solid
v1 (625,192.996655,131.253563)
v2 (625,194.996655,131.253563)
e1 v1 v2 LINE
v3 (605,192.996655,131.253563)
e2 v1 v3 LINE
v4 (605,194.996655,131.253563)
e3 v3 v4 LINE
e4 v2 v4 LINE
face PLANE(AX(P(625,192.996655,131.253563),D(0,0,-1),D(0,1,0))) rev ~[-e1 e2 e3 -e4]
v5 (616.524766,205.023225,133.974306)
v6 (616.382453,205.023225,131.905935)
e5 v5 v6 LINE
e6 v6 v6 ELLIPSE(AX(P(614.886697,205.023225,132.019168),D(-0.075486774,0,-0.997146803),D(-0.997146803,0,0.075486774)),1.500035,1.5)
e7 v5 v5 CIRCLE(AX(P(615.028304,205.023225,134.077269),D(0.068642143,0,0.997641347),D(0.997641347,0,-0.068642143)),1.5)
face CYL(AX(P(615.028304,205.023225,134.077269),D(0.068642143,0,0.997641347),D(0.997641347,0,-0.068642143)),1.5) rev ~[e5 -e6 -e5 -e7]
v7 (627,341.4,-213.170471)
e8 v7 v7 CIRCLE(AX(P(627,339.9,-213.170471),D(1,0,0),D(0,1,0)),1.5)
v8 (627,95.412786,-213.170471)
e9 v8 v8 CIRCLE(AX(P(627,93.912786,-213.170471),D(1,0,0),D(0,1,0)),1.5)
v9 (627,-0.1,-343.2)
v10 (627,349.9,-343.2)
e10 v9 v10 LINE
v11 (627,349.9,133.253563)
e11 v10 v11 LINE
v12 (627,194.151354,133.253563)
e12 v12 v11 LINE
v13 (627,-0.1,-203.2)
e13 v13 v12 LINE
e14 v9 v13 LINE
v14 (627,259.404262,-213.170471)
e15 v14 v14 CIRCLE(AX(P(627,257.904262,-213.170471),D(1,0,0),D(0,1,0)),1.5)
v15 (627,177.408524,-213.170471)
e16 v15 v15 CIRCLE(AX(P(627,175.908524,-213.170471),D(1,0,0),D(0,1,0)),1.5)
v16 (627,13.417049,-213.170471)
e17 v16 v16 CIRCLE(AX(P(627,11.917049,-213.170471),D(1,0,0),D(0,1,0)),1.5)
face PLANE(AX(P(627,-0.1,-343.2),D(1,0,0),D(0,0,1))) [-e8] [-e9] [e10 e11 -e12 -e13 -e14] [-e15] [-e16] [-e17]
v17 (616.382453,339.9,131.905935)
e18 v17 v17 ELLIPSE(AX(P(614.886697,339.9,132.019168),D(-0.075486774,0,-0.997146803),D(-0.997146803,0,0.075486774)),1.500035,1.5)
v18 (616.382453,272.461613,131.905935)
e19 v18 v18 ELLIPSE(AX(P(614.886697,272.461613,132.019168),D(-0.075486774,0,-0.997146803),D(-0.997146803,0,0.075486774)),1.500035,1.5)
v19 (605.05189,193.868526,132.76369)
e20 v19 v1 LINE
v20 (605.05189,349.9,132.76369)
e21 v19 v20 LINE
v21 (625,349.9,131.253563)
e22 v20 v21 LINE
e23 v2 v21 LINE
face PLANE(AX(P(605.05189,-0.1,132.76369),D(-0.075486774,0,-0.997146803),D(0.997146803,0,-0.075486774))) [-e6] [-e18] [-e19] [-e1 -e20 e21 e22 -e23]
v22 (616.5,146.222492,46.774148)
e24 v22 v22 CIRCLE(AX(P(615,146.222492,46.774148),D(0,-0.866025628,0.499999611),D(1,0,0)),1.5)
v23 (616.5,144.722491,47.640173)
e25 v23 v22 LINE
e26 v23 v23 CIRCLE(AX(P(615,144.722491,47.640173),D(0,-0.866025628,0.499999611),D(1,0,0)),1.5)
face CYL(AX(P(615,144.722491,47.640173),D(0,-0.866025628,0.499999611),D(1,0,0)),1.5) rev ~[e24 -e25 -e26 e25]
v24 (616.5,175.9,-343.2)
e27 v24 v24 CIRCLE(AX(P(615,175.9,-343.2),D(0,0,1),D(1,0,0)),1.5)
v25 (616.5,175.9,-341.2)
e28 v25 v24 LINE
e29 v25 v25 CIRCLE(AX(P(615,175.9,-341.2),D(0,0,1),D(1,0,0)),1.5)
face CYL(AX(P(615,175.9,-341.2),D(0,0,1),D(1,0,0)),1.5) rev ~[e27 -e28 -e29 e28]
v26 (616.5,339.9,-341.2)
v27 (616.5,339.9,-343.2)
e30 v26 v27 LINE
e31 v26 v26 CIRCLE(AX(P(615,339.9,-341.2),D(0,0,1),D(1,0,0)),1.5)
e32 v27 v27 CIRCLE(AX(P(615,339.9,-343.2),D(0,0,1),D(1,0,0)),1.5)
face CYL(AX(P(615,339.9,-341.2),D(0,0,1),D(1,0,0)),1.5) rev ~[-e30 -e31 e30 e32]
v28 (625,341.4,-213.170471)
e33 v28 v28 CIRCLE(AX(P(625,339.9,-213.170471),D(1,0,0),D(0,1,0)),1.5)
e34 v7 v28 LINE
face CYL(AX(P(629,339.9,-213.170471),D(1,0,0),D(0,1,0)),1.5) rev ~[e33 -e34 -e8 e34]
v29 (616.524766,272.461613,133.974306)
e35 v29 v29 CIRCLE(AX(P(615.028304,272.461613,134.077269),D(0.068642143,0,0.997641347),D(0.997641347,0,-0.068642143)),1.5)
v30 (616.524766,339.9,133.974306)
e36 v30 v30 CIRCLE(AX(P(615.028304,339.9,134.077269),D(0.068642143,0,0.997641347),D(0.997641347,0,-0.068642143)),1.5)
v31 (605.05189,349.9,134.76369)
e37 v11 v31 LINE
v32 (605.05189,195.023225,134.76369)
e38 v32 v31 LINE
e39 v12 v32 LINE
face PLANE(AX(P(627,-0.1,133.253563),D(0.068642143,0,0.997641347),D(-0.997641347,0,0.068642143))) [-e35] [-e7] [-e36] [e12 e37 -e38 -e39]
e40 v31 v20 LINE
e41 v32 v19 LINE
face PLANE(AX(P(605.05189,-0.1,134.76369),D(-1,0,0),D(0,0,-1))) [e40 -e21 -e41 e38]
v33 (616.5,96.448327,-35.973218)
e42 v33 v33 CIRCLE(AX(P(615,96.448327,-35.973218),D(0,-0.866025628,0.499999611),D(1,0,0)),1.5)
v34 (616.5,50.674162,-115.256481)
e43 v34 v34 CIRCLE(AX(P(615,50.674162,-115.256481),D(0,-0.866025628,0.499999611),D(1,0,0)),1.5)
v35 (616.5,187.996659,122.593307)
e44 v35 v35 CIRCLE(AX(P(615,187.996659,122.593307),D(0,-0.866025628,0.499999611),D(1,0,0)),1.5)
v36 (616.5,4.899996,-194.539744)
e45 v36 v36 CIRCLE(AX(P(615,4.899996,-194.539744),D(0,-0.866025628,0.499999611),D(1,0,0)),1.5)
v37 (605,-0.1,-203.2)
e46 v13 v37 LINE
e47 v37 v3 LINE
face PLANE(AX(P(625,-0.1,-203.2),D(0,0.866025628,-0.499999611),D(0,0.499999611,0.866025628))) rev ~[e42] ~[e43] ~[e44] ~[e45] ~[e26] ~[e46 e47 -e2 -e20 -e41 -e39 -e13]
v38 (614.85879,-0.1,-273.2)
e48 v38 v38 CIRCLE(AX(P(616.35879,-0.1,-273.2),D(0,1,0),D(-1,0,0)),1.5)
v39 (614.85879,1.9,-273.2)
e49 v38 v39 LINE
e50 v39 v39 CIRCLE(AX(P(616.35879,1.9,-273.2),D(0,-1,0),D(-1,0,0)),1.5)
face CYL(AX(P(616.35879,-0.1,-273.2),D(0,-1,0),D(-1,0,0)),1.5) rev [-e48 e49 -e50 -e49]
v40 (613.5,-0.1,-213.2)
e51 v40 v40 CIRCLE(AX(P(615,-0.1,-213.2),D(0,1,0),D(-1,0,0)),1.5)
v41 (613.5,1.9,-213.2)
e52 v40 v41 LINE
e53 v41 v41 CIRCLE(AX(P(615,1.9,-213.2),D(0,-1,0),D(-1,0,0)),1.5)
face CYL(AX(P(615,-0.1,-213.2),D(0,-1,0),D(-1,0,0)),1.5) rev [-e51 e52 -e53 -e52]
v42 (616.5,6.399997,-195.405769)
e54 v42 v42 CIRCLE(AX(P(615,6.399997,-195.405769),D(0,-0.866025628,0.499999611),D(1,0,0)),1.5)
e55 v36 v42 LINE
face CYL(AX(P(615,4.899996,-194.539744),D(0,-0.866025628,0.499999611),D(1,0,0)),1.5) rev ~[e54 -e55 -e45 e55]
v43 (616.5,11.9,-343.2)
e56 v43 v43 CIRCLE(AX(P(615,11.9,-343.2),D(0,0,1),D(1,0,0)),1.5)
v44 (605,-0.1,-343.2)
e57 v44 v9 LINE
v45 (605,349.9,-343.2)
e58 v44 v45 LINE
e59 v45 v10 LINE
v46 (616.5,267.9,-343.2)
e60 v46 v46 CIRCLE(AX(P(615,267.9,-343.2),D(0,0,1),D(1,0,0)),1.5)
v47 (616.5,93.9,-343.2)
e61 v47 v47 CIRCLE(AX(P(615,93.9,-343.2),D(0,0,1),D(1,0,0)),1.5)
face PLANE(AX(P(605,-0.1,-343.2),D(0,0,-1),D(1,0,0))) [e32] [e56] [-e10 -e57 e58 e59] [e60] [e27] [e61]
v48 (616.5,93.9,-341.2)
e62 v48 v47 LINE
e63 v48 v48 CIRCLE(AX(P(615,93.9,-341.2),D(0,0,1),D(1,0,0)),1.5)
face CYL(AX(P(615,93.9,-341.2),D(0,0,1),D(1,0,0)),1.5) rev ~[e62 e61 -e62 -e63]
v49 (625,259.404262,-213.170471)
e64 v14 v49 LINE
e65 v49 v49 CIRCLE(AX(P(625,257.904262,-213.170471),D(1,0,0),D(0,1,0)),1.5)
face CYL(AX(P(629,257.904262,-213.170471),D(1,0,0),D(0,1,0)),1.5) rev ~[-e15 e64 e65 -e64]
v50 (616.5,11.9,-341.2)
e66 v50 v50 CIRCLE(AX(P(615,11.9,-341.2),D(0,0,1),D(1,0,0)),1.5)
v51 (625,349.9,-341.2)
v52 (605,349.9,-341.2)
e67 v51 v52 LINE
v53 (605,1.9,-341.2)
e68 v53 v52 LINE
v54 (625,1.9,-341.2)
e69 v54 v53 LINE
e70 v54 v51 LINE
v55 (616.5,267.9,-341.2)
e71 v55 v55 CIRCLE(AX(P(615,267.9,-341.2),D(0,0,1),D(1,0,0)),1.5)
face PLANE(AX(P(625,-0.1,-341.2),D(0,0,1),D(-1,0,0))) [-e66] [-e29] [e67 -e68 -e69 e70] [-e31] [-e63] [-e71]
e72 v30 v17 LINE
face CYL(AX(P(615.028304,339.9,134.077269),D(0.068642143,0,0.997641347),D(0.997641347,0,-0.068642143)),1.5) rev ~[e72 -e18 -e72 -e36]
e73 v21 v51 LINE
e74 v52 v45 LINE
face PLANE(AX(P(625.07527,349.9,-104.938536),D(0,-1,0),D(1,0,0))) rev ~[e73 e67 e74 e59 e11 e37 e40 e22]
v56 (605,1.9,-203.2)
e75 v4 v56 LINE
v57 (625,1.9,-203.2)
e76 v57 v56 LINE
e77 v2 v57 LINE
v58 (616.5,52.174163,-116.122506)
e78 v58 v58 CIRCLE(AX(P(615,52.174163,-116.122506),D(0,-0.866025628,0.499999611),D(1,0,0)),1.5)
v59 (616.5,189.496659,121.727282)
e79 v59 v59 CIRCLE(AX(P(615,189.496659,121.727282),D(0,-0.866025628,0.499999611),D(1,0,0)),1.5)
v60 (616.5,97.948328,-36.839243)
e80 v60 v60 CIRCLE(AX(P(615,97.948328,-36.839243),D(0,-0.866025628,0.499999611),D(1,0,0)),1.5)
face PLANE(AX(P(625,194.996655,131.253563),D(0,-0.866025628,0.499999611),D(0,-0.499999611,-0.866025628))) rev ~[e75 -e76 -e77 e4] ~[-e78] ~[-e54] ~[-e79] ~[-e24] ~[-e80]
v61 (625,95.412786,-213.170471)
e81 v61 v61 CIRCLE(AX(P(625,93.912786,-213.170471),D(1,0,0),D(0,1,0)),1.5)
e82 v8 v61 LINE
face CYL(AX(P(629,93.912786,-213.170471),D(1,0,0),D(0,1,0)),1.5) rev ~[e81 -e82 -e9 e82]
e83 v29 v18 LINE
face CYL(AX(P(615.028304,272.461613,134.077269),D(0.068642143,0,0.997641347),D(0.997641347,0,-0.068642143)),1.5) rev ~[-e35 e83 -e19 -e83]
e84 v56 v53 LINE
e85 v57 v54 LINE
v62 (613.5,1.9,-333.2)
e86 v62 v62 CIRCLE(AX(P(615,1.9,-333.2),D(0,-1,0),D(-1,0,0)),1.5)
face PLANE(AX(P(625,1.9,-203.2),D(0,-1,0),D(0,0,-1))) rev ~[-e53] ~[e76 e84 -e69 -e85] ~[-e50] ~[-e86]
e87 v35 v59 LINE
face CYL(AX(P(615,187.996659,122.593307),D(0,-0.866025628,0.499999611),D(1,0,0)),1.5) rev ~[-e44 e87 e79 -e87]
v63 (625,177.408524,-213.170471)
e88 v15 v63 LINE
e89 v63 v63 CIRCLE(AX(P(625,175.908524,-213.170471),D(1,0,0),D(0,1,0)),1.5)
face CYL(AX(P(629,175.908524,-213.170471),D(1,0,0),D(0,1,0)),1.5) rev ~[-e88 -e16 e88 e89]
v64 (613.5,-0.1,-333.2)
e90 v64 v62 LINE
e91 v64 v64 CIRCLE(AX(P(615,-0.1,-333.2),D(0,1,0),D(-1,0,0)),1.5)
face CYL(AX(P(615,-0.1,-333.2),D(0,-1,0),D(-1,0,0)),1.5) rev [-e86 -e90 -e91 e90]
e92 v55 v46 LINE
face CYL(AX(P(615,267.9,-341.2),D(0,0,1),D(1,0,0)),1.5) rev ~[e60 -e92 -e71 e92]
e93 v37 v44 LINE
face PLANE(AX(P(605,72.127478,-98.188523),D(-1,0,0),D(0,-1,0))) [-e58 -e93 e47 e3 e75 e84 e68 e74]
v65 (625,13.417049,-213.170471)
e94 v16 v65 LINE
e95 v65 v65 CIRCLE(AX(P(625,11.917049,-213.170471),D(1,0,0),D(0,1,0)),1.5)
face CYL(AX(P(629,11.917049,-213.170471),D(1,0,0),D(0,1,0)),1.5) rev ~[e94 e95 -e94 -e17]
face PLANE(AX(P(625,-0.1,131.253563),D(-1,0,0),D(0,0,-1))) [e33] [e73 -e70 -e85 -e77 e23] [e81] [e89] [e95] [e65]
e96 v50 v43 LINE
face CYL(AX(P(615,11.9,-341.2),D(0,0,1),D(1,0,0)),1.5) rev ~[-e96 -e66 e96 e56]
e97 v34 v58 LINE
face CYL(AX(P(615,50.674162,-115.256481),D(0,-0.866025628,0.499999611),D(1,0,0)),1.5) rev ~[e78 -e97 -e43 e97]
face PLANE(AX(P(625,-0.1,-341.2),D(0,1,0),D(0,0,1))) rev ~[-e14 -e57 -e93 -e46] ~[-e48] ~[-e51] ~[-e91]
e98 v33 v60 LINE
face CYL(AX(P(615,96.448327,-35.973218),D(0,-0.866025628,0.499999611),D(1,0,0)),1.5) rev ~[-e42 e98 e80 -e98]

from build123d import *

# Parameters (mm, degrees)
PAD009_DEPTH    = 350
POCKET015_DEPTH = 22.001
PAD010_DEPTH    = 20
SKETCH031_R     = 1.5
POCKET016_DEPTH = 5
SKETCH032_R     = 1.5
POCKET017_DEPTH = 5
SKETCH033_R     = 1.5
POCKET018_DEPTH = 5
SKETCH035_R     = 1.5
POCKET020_DEPTH = 5
SKETCH071_R     = 1.5
POCKET047_DEPTH = 5


with BuildPart() as part:
    # Sketch028 (on Face2 of Binder006) → Pad009 (new body)
    with BuildSketch(Plane(origin=(0, -0.1, 0), x_dir=(-1, 0, 0), z_dir=(0, 1, 0))):
        Polygon((-627, -343.2), (-627, 133.2535631324), (-605.051890377, 134.7636902715), (-605.051890377, 132.7636902715), (-625, 131.2535631324), (-625, -341.2), (-605, -341.2), (-605, -343.2), align=None)
    extrude(amount=PAD009_DEPTH)

    # Sketch029 (on Face2 of Pad009) → Pocket015 (cut, through all)
    with BuildSketch(Plane.YZ.offset(627)):
        Polygon((-0.1, -203.2), (195.0232253156, 134.7636902715), (-0.1, 134.7636902715), align=None)
    extrude(amount=-POCKET015_DEPTH, mode=Mode.SUBTRACT)

    # Sketch030 (on Face9 of Pocket015) → Pad010 (join)
    with BuildSketch(Plane(origin=(625, 0, 0), x_dir=(0, -1, 0), z_dir=(-1, 0, 0))):
        Polygon((0.1, -341.2), (0.1, -203.2), (-192.9966545674, 131.2535631324), (-194.9966545674, 131.2535631324), (-1.9, -203.2), (-1.9, -341.2), align=None)
    extrude(amount=PAD010_DEPTH)

    # Sketch031 (on Face2 of Binder006) → Pocket016 (cut)
    with BuildSketch(Plane(origin=(0, -0.1, 0), x_dir=(-1, 0, 0), z_dir=(0, 1, 0))):
        with Locations((-615, -213.2)):
            Circle(SKETCH031_R)
        with Locations((-616.35879, -273.2)):
            Circle(SKETCH031_R)
        with Locations((-615, -333.2)):
            Circle(SKETCH031_R)
    extrude(amount=POCKET016_DEPTH, mode=Mode.SUBTRACT)

    # Sketch032 (on Face6 of Pocket016) → Pocket017 (cut)
    with BuildSketch(Plane(origin=(0, 87.9131353872, -50.7566197735), x_dir=(1, 0, 0), z_dir=(0, -0.8660256282, 0.4999996113))):
        with Locations((615, -166.026408)):
            Circle(SKETCH032_R)
        with Locations((615, 17.070397)):
            Circle(SKETCH032_R)
        with Locations((615, 113.6188)):
            Circle(SKETCH032_R)
        with Locations((615, 200.167202)):
            Circle(SKETCH032_R)
        with Locations((615, -74.478005)):
            Circle(SKETCH032_R)
    extrude(amount=-POCKET017_DEPTH, mode=Mode.SUBTRACT)

    # Sketch033 (on Face10 of Pocket017) → Pocket018 (cut)
    with BuildSketch(Plane.XY.offset(-341.2)):
        with Locations((615, 11.9)):
            Circle(SKETCH033_R)
        with Locations((615, 93.9)):
            Circle(SKETCH033_R)
        with Locations((615, 175.9)):
            Circle(SKETCH033_R)
        with Locations((615, 267.9)):
            Circle(SKETCH033_R)
        with Locations((615, 339.9)):
            Circle(SKETCH033_R)
    extrude(amount=-POCKET018_DEPTH, mode=Mode.SUBTRACT)

    # Sketch035 (on Face19 of Pocket018) → Pocket020 (cut)
    with BuildSketch(Plane(origin=(12.0794992713, 0, 175.5628167535), x_dir=(0.9976413465, 0, -0.0686421427), z_dir=(0.0686421427, 0, 0.9976413465))):
        with Locations((604.374314, 272.461613)):
            Circle(SKETCH035_R)
        with Locations((604.374314, 339.9)):
            Circle(SKETCH035_R)
        with Locations((604.374314, 205.023225)):
            Circle(SKETCH035_R)
    extrude(amount=-POCKET020_DEPTH, mode=Mode.SUBTRACT)

    # Sketch071 (on Face1 of Binder021) → Pocket047 (cut)
    with BuildSketch(Plane.YZ.offset(629)):
        with Locations((339.9, -213.170471)):
            Circle(SKETCH071_R)
        with Locations((257.904262, -213.170471)):
            Circle(SKETCH071_R)
        with Locations((175.908524, -213.170471)):
            Circle(SKETCH071_R)
        with Locations((93.912786, -213.170471)):
            Circle(SKETCH071_R)
        with Locations((11.917049, -213.170471)):
            Circle(SKETCH071_R)
    extrude(amount=-POCKET047_DEPTH, mode=Mode.SUBTRACT)


solid = part.part
